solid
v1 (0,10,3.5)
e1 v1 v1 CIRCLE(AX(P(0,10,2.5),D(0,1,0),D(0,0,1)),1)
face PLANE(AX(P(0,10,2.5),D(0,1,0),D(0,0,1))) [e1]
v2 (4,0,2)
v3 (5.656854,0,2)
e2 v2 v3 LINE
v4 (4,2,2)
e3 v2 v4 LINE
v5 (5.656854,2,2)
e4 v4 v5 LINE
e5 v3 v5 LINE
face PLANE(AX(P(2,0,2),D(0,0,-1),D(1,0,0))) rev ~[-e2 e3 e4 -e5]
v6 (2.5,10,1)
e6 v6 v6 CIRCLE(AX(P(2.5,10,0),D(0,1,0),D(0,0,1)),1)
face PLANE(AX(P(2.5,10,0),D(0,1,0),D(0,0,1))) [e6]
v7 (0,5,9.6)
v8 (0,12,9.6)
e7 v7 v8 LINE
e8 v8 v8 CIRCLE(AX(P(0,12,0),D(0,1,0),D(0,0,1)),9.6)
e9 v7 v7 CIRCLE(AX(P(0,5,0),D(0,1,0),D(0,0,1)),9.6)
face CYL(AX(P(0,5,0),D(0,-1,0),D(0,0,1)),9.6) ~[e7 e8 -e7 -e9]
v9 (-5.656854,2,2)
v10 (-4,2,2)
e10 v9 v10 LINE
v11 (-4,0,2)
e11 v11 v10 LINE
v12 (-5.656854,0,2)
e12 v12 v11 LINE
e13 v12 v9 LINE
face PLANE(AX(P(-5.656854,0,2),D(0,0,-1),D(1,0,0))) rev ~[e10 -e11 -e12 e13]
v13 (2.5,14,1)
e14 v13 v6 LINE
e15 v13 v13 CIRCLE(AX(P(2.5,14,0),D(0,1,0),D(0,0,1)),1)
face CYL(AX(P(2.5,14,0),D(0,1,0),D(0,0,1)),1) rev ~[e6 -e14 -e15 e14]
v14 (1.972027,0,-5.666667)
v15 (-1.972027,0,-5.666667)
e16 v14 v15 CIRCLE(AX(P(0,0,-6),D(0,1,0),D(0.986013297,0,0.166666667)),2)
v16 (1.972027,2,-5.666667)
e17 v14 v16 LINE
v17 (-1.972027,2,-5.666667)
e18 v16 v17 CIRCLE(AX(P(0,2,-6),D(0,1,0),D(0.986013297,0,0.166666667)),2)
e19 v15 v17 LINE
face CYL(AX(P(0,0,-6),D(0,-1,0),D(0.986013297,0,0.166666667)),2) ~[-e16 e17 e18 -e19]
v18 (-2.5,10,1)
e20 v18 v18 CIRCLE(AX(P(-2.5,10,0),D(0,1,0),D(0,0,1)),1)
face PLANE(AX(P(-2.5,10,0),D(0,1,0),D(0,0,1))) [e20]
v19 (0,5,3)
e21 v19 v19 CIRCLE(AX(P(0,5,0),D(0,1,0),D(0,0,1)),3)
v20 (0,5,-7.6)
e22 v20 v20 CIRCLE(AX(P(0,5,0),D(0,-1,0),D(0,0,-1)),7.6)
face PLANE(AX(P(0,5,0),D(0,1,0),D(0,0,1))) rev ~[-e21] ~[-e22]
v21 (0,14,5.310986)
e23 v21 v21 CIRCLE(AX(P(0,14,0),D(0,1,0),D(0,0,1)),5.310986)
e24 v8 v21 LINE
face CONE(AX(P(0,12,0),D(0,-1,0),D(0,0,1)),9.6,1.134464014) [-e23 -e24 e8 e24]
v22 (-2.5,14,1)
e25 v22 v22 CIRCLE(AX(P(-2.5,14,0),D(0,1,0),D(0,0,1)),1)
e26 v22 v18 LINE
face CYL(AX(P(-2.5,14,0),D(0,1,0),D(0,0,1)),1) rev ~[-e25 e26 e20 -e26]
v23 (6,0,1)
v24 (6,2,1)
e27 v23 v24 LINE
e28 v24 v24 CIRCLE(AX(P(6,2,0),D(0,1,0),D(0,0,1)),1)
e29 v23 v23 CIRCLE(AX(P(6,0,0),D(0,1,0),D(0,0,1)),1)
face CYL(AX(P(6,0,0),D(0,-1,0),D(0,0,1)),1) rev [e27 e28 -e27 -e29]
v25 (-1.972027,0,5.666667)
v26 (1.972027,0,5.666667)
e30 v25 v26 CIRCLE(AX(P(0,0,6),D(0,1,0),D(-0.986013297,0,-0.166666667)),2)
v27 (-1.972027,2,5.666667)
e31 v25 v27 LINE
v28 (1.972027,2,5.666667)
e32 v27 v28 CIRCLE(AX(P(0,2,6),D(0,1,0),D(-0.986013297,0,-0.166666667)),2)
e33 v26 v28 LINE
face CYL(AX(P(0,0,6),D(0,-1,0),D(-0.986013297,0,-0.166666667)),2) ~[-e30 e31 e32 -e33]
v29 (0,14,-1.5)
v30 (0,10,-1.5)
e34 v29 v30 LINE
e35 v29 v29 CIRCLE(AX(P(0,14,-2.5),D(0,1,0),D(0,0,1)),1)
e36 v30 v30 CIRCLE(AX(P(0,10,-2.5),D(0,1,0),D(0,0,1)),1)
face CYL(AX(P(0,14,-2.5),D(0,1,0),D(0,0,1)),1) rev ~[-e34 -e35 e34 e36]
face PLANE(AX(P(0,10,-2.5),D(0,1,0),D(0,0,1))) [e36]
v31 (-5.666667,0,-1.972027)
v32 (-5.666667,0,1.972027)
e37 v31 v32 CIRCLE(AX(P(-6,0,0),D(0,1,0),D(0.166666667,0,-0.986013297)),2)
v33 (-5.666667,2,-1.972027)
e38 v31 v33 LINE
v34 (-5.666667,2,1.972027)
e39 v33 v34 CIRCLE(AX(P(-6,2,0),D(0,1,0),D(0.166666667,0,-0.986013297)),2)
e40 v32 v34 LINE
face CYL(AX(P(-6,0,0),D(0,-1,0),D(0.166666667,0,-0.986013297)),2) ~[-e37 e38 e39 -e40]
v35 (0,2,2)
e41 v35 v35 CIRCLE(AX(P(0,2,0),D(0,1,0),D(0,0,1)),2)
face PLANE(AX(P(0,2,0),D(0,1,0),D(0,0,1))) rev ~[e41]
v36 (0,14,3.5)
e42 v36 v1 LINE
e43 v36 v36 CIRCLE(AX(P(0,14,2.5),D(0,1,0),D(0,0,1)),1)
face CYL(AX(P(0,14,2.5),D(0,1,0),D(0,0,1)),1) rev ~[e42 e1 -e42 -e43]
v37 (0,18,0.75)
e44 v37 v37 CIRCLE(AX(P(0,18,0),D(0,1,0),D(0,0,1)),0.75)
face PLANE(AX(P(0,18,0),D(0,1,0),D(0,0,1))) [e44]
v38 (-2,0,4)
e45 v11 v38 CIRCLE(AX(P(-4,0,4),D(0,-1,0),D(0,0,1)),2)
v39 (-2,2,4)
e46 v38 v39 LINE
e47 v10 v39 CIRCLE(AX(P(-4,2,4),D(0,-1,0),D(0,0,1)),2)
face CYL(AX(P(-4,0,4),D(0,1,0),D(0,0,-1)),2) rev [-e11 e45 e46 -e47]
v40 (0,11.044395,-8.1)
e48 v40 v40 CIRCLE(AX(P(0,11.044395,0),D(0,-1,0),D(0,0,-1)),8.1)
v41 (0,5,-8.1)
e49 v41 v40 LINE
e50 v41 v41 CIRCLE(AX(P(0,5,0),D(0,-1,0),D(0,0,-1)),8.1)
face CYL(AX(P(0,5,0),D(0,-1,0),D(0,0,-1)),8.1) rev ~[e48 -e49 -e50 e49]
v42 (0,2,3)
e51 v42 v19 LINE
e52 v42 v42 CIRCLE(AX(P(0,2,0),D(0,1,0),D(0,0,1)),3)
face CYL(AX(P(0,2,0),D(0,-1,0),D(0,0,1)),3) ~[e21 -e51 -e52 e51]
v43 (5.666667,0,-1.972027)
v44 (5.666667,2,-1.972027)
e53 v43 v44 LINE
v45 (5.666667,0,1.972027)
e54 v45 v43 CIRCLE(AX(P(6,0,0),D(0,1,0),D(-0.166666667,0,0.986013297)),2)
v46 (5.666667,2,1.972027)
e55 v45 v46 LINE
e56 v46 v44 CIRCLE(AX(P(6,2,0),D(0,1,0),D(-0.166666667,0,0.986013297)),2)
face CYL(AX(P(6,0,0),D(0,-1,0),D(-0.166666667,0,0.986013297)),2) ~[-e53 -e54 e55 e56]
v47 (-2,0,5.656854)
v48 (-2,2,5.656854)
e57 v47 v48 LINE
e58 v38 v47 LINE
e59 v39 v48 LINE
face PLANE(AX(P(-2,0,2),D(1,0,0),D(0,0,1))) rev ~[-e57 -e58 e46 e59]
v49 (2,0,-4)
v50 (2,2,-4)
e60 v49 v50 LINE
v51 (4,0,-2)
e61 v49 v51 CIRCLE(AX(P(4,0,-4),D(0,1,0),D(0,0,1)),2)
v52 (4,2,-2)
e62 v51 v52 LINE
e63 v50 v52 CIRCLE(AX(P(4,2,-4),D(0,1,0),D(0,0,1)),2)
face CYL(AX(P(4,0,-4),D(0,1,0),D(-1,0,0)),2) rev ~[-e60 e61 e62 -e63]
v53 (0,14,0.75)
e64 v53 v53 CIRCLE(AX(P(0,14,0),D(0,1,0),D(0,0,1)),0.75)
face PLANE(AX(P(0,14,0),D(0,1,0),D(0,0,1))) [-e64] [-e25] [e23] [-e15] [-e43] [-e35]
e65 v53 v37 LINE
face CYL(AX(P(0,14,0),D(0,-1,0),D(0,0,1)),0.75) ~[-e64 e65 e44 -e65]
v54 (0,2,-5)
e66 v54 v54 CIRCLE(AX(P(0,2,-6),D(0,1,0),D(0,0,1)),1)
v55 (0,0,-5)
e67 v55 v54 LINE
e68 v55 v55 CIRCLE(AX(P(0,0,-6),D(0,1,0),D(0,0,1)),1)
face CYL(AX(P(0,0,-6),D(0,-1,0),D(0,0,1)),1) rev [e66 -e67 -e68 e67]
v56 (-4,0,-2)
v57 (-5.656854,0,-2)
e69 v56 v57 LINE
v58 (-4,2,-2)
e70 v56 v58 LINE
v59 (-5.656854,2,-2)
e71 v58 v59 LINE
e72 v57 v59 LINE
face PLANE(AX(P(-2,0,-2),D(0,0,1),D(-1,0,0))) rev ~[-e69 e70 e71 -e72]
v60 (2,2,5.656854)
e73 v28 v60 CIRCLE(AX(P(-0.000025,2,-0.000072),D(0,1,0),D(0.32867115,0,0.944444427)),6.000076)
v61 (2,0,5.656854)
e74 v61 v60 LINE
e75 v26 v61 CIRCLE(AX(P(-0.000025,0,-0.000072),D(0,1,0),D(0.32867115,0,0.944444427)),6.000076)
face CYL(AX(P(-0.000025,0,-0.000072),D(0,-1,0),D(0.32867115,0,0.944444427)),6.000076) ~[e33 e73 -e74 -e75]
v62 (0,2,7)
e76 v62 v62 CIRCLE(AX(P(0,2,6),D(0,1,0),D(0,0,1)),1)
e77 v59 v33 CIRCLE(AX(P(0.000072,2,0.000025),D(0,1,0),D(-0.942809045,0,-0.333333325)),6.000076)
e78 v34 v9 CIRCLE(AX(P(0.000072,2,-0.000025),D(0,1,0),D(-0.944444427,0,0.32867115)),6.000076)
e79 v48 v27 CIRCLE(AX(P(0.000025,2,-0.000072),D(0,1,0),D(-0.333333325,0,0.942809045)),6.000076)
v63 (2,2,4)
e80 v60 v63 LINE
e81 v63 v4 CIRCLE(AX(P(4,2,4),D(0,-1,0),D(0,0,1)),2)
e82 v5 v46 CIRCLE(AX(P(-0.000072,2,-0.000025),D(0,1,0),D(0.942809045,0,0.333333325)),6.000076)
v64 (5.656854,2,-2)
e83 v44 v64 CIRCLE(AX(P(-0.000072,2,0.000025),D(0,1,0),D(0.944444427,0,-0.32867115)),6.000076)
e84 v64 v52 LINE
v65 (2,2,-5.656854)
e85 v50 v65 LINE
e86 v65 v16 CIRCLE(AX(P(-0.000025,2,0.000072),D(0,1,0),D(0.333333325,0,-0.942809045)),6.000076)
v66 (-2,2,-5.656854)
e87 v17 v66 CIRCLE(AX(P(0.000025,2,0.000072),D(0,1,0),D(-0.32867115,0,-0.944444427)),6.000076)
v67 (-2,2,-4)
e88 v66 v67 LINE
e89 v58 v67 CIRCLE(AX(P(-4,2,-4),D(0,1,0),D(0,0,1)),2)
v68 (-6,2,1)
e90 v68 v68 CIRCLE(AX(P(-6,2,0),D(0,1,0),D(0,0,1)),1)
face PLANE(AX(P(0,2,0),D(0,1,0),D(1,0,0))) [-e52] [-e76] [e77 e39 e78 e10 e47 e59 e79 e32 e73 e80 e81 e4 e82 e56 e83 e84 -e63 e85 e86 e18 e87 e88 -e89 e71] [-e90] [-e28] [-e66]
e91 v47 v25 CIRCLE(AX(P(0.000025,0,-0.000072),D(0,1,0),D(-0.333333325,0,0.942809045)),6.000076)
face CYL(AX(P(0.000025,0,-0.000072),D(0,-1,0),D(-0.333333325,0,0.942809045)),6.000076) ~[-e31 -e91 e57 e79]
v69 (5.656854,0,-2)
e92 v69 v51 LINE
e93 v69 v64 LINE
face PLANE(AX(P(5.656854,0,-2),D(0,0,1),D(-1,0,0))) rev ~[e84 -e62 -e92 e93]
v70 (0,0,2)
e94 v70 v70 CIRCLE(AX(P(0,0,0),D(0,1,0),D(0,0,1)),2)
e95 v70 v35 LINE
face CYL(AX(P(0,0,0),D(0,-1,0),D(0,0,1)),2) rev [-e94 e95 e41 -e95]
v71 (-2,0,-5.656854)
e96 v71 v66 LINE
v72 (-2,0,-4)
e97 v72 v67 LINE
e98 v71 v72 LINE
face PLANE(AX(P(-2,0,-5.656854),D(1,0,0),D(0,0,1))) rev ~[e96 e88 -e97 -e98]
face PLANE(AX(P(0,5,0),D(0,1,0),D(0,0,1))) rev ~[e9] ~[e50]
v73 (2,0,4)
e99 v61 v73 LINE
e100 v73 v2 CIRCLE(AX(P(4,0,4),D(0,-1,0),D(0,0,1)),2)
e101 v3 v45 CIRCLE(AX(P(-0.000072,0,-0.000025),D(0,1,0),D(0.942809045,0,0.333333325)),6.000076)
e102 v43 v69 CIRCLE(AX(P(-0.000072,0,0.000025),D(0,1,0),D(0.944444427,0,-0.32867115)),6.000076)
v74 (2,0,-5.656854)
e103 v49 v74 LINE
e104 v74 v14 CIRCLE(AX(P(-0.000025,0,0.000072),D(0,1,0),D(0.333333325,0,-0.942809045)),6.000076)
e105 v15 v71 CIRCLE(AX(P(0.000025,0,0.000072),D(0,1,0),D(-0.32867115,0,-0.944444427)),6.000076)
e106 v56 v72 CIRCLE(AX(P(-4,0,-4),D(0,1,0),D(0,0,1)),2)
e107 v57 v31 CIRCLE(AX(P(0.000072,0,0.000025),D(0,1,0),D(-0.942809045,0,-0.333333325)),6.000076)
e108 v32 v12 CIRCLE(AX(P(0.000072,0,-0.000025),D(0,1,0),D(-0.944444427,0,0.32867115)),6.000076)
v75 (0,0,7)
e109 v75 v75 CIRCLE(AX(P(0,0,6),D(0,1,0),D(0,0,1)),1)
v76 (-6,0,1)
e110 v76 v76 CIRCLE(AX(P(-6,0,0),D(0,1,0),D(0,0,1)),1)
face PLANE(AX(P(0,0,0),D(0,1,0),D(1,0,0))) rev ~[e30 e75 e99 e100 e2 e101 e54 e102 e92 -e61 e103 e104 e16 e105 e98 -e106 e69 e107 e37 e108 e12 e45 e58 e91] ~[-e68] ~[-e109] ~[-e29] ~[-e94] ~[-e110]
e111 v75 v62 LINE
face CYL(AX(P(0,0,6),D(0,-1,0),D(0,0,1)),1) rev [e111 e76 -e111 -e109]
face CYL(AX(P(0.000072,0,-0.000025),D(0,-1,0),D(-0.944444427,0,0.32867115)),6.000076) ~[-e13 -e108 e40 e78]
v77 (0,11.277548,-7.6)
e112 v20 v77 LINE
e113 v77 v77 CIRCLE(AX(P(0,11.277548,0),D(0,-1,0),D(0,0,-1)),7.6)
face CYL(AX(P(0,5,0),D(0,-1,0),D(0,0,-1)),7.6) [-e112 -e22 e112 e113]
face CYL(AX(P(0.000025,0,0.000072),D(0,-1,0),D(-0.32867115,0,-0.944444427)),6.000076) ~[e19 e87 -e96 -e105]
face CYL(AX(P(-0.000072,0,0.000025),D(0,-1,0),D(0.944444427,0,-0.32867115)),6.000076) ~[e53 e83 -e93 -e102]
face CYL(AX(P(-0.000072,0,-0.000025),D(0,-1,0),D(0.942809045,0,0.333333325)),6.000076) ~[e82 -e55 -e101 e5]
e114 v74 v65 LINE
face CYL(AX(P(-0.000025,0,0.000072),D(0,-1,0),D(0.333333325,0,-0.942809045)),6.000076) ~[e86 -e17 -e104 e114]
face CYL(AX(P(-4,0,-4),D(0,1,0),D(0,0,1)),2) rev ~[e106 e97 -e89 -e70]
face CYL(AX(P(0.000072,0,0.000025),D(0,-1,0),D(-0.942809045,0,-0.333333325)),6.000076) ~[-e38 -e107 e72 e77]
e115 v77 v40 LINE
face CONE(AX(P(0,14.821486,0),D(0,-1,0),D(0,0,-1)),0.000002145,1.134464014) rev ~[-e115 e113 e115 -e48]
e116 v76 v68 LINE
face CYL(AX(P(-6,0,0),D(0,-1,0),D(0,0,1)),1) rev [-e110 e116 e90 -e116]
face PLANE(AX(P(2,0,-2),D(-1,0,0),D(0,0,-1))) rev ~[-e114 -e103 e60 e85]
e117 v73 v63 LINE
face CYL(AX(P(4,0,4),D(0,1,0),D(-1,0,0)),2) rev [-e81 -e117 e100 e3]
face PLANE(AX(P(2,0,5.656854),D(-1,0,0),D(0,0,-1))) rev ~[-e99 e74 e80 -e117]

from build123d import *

# Parameters (mm, degrees)
SKETCH1_R           = 2
SKETCH1_R_2         = 1
BOSS_EXTRUDE1_DEPTH = 2
FILLET1_R           = 2
SKETCH2_R           = 3
BOSS_EXTRUDE2_DEPTH = 3
SKETCH3_R           = 9.6
BOSS_EXTRUDE3_DEPTH = 9
SKETCH4_R           = 0.75
BOSS_EXTRUDE4_DEPTH = 4
SKETCH5_R           = 1
CUT_EXTRUDE1_DEPTH  = 4
CHAMFER1_SIZE       = 2
CHAMFER1_SIZE2      = 4.289013841
CUT_EXTRUDE2_REACH  = 20.797
SKETCH6_R           = 8.1
SKETCH6_R_2         = 7.6


with BuildPart() as part:
    # Sketch1 → Boss-Extrude1 (new body)
    with BuildSketch(Plane(origin=(0, 0, 0), x_dir=(1, 0, 0), z_dir=(0, 1, 0))):
        with BuildLine():
            Line((-5.656854249, -2), (-2, -2))
            Line((-2, -2), (-2, -5.656854249))
            ThreePointArc((-2, -5.656854249), (-1.986019357, -5.661777734), (-1.972026594, -5.666666667))
            ThreePointArc((-1.972026594, -5.666666667), (0, -8), (1.972026594, -5.666666667))
            ThreePointArc((1.972026594, -5.666666667), (1.986019357, -5.661777734), (2, -5.656854249))
            Line((2, -5.656854249), (2, -2))
            Line((2, -2), (5.656854249, -2))
            ThreePointArc((5.656854249, -2), (5.661777734, -1.986019357), (5.666666667, -1.972026594))
            ThreePointArc((5.666666667, -1.972026594), (8, 0), (5.666666667, 1.972026594))
            ThreePointArc((5.666666667, 1.972026594), (5.661777734, 1.986019357), (5.656854249, 2))
            Line((5.656854249, 2), (2, 2))
            Line((2, 2), (2, 5.656854249))
            ThreePointArc((2, 5.656854249), (1.986019357, 5.661777734), (1.972026594, 5.666666667))
            ThreePointArc((1.972026594, 5.666666667), (0, 8), (-1.972026594, 5.666666667))
            ThreePointArc((-1.972026594, 5.666666667), (-1.986019357, 5.661777734), (-2, 5.656854249))
            Line((-2, 5.656854249), (-2, 2))
            Line((-2, 2), (-5.656854249, 2))
            ThreePointArc((-5.656854249, 2), (-5.661777734, 1.986019357), (-5.666666667, 1.972026594))
            ThreePointArc((-5.666666667, 1.972026594), (-8, 0), (-5.666666667, -1.972026594))
            ThreePointArc((-5.666666667, -1.972026594), (-5.661777734, -1.986019357), (-5.656854249, -2))
        make_face()
        with Locations(Location((0, 0, 0), (0, 0, 270))):
            Circle(SKETCH1_R, mode=Mode.SUBTRACT)
        with Locations(Location((6, 0, 0), (0, 0, 270))):
            Circle(SKETCH1_R_2, mode=Mode.SUBTRACT)
        with Locations(Location((0, 6, 0), (0, 0, 270))):
            Circle(SKETCH1_R_2, mode=Mode.SUBTRACT)
        with Locations(Location((-6, 0, 0), (0, 0, 270))):
            Circle(SKETCH1_R_2, mode=Mode.SUBTRACT)
        with Locations(Location((0, -6, 0), (0, 0, 270))):
            Circle(SKETCH1_R_2, mode=Mode.SUBTRACT)
    extrude(amount=BOSS_EXTRUDE1_DEPTH)

    # Fillet1
    fillet1_edges = [part.edges().sort_by_distance(p)[0] for p in [
        (2, 1, 2),
        (-2, 1, 2),
        (-2, 1, -2),
        (2, 1, -2),
    ]]
    fillet(fillet1_edges, radius=FILLET1_R)

    # Sketch2 → Boss-Extrude2 (add)
    with BuildSketch(Plane(origin=(0, 2, 0), x_dir=(1, 0, 0), z_dir=(0, 1, 0))):
        with Locations(Location((0, 0, 0), (0, 0, 270))):
            Circle(SKETCH2_R)
    extrude(amount=BOSS_EXTRUDE2_DEPTH)

    # Sketch3 → Boss-Extrude3 (add)
    with BuildSketch(Plane(origin=(0, 5, 0), x_dir=(1, 0, 0), z_dir=(0, 1, 0))):
        with Locations(Location((0, 0, 0), (0, 0, 270))):
            Circle(SKETCH3_R)
    extrude(amount=BOSS_EXTRUDE3_DEPTH)

    # Sketch4 → Boss-Extrude4 (add)
    with BuildSketch(Plane(origin=(0, 14, 0), x_dir=(1, 0, 0), z_dir=(0, 1, 0))):
        with Locations(Location((0, 0, 0), (0, 0, 270))):
            Circle(SKETCH4_R)
    extrude(amount=BOSS_EXTRUDE4_DEPTH)

    # Sketch5 → Cut-Extrude1 (cut)
    with BuildSketch(Plane(origin=(0, 14, 0), x_dir=(1, 0, 0), z_dir=(0, 1, 0))):
        with Locations(Location((-2.5, 0, 0), (0, 0, 270))):
            Circle(SKETCH5_R)
        with Locations(Location((0, 2.5, 0), (0, 0, 270))):
            Circle(SKETCH5_R)
        with Locations(Location((2.5, 0, 0), (0, 0, 270))):
            Circle(SKETCH5_R)
        with Locations(Location((0, -2.5, 0), (0, 0, 270))):
            Circle(SKETCH5_R)
    extrude(amount=-CUT_EXTRUDE1_DEPTH, mode=Mode.SUBTRACT)

    # Chamfer1
    chamfer1_edges = [part.edges().sort_by_distance(p)[0] for p in [
        (0, 14, -9.6),
    ]]
    chamfer1_side = [part.faces().sort_by_distance(p)[0] for p in [
        (0, 9.5, -9.6),
    ]]
    chamfer(chamfer1_edges, length=CHAMFER1_SIZE, length2=CHAMFER1_SIZE2, reference=chamfer1_side[0])

    # Cut-Extrude2: up to this cone (the profile starts inside it)
    cut_extrude2_end = Plane(origin=(0, 5, 0), z_dir=(0, -1, 0)).offset(-9.82148564) * Cone(2.145e-06, 111.901942411, 52.180731709, align=(Align.CENTER, Align.CENTER, Align.MIN), mode=Mode.PRIVATE)
    # Sketch6 → Cut-Extrude2 (cut, up to the surface)
    with BuildSketch(Plane.XZ.offset(-5), mode=Mode.PRIVATE) as cut_extrude2_sk1:
        with Locations(Location((0, 0, 0), (0, 0, 270))):
            Circle(SKETCH6_R)
        with Locations(Location((0, 0, 0), (0, 0, 270))):
            Circle(SKETCH6_R_2, mode=Mode.SUBTRACT)
    cut_extrude2_tool1 = extrude(cut_extrude2_sk1.sketch, amount=-CUT_EXTRUDE2_REACH, mode=Mode.PRIVATE) & cut_extrude2_end
    add(cut_extrude2_tool1.solids().sort_by_distance((0, 5, 7.870897))[0], mode=Mode.SUBTRACT)


solid = part.part
